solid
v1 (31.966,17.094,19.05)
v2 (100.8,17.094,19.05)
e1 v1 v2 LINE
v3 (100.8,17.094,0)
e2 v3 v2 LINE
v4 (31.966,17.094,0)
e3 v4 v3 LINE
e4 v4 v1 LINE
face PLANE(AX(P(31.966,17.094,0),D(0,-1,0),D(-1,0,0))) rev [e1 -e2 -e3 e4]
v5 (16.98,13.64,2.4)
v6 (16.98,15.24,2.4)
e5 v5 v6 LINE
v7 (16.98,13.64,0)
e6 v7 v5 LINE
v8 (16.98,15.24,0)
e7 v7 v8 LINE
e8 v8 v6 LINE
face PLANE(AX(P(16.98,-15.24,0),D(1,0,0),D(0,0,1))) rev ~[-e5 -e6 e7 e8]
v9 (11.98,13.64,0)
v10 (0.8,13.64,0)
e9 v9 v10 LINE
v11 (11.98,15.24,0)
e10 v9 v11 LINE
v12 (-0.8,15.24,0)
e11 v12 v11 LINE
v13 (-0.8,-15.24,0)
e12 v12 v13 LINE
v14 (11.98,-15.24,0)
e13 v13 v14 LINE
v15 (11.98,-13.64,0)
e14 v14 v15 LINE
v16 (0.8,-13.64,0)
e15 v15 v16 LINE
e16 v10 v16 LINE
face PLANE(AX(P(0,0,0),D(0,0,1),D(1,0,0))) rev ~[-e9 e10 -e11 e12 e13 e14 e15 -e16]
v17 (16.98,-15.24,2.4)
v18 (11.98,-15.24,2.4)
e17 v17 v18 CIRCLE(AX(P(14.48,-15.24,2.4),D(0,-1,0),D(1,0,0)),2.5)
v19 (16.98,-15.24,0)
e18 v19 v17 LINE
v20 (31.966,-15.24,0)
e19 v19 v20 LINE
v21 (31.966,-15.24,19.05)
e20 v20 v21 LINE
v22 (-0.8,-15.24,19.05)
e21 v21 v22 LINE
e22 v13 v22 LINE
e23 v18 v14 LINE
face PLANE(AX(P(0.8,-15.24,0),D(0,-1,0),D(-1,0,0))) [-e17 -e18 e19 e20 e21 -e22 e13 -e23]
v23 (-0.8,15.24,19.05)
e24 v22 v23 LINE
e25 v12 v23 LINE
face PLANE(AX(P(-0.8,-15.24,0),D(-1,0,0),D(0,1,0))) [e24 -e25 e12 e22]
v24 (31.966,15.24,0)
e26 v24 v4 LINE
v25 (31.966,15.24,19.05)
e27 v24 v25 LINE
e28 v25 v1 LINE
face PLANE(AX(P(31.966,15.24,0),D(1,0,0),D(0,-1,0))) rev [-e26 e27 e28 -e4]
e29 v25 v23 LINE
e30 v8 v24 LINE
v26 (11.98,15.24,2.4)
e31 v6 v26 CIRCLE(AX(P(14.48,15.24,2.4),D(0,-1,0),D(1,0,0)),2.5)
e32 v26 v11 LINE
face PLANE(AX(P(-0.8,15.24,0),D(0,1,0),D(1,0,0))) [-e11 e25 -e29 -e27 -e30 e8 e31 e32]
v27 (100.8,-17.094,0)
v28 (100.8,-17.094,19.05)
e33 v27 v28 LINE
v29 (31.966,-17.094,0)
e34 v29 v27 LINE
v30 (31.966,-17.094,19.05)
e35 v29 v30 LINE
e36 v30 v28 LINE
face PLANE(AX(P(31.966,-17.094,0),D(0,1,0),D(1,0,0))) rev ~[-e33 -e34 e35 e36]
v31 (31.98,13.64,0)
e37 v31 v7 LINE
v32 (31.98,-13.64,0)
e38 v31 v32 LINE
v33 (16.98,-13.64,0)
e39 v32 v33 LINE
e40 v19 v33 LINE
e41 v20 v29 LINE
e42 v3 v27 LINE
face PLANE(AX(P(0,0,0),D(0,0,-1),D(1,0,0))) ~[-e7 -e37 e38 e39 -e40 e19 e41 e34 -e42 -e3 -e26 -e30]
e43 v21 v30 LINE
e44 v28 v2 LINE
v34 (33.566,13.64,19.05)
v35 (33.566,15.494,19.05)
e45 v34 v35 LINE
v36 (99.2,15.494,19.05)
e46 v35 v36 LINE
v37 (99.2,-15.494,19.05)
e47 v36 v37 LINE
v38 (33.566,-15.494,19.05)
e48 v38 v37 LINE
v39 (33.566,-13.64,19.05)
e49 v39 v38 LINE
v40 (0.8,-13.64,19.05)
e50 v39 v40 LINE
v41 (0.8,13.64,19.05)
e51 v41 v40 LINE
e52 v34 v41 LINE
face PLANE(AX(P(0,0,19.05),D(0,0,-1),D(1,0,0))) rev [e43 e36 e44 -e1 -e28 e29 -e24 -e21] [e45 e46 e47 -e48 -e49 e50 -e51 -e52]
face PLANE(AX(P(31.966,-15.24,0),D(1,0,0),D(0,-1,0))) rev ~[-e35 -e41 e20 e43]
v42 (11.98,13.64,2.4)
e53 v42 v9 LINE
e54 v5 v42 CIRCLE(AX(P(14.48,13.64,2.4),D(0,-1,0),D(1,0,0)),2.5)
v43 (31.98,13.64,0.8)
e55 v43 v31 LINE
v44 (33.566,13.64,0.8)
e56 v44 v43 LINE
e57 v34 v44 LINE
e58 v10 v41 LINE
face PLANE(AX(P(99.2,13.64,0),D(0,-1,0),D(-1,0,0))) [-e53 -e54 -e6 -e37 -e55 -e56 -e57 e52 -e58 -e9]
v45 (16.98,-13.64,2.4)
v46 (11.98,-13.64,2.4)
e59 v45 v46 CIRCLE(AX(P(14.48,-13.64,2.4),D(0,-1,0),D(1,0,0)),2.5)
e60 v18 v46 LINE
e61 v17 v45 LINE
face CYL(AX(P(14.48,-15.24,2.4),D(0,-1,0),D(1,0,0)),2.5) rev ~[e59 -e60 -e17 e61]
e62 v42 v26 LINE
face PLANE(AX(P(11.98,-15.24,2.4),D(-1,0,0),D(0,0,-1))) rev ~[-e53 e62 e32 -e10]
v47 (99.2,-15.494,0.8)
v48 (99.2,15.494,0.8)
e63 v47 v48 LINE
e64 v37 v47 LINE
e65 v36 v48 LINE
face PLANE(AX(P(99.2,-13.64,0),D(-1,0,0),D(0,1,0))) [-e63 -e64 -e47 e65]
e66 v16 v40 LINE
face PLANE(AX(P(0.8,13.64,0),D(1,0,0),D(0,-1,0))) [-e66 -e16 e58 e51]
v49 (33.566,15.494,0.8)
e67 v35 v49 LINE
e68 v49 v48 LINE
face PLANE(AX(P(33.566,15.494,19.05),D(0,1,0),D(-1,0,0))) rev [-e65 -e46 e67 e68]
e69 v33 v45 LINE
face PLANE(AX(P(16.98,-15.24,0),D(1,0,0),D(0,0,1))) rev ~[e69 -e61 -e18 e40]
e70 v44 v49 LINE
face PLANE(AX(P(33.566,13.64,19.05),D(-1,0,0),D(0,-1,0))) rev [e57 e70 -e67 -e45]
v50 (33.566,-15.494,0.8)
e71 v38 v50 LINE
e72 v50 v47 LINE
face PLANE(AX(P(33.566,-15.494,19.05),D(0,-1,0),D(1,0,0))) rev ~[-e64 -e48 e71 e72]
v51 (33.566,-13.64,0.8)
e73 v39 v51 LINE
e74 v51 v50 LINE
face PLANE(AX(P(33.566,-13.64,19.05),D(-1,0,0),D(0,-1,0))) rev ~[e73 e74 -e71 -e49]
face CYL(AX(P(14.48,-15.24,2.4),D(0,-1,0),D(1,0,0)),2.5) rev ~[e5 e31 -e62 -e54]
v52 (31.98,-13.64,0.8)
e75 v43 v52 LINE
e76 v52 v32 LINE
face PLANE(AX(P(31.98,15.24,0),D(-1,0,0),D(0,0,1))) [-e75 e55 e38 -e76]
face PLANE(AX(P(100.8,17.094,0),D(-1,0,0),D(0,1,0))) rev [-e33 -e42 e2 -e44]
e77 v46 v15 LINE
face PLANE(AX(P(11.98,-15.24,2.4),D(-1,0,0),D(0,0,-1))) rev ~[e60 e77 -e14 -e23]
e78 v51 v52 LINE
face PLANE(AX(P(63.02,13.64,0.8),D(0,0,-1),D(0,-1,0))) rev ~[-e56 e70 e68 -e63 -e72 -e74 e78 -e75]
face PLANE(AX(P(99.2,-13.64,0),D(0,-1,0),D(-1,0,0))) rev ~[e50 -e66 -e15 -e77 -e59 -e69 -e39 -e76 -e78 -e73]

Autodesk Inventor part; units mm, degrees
ref_plane "YZ Plane" through (0, 0, 0) normal (1, 0, 0) x (0, 1, 0)
ref_plane "XZ Plane" through (0, 0, 0) normal (0, 1, 0) x (-1, 0, 0)
ref_plane "XY Plane" through (0, 0, 0) normal (0, 0, 1) x (1, 0, 0)
sketch "Sketch1" plane through (0, 0, 0) normal (0, 0, 1) x (1, 0, 0)
  line L0 (0.8, -15.24) -> (-0.8, -15.24)
  line L1 (-0.8, -15.24) -> (-0.8, 15.24)
  line L2 (-0.8, 15.24) -> (0.8, 15.24)
  line L3 (0.8, 15.24) -> (0.8, -15.24)
  line L4 (0.8, -15.24) -> (-0.8, 15.24) construction
  line L5 (-0.8, -15.24) -> (0.8, 15.24) construction
  line L6 (-0.8, -15.24) -> (100.8, -15.24)
  line L7 (100.8, -15.24) -> (100.8, -13.64)
  line L8 (100.8, -13.64) -> (-0.8, -13.64)
  line L9 (-0.8, -13.64) -> (-0.8, -15.24)
  line L10 (-0.8, 15.24) -> (100.8, 15.24)
  line L11 (100.8, 15.24) -> (100.8, 13.64)
  line L12 (100.8, 13.64) -> (-0.8, 13.64)
  line L13 (-0.8, 13.64) -> (-0.8, 15.24)
  line L14 (100.8, -15.24) -> (99.2, -15.24)
  line L15 (99.2, -15.24) -> (99.2, 15.24)
  line L16 (99.2, 15.24) -> (100.8, 15.24)
  line L17 (100.8, 15.24) -> (100.8, -15.24)
  point P0 (0, 0)
  dimension "d0" = 1.6
  dimension "d1" = 30.48
  dimension "d2" = 101.6
  dimension "d3" = 1.6
  dimension "d4" = 101.6
  dimension "d5" = 1.6
  dimension "d6" = 1.6
extrude "Extrusion1" add sketch "Sketch1" along normal blind 19.05 contours L0 L1 L8 L3 | L3 L8 L15 L6 | L8 L1 L12 L3 | L15 L8 L7 L6 | L12 L1 L2 L3 | L3 L10 L15 L12 | L15 L12 L17 L8 | L15 L10 L11 L12
sketch "Sketch2" plane through (-0.8, -15.24, 0) normal (0, -1, 0) x (1, 0, 0)
  line L0 (100, 0) -> (1.6, 0) projected
  line L1 (0, 0) -> (0, 19.05) projected
  line L2 (12.78, 0) -> (17.78, 0)
  line L3 (17.78, 0) -> (17.78, 2.4)
  line L4 (17.78, 2.4) -> (12.78, 2.4)
  line L5 (12.78, 2.4) -> (12.78, 0)
  arc A0 (17.78, 2.4) -> (12.78, 2.4) centre (15.28, 2.4) ccw
  point P0 (0.8, 0)
  dimension "d9" = 12.78
  dimension "d10" = 5
  dimension "d11" = 2.4
extrude "Extrusion2" cut sketch "Sketch2" against normal up to surface (30.48 mm away)
ref_plane "Work Plane1" through (50, -15.24, 0) normal (-1, 0, 0) x (0, 0, 1)
sketch "Sketch4" plane through (-0.8, 15.24, 19.05) normal (0, 1, 0) x (1, 0, 0)
  line L0 (12.78, 19.05) -> (17.78, 19.05) projected
  line L1 (17.78, 19.05) -> (12.78, 19.05) projected
  line L2 (48.3, 19.05) -> (32.78, 19.05)
  line L3 (32.78, 19.05) -> (32.78, 18.25)
  line L4 (32.78, 18.25) -> (48.3, 18.25)
  line L5 (48.3, 18.25) -> (48.3, 19.05)
  line L6 (17.78, 19.05) -> (17.78, 16.65) projected
  line L7 (17.78, 19.05) -> (78.82, 19.05)
  line L8 (63.82, 19.05) -> (63.82, 18.25)
  line L9 (63.82, 18.25) -> (48.3, 18.25)
  line L10 (63.82, 19.05) -> (32.78, 19.05)
  line L11 (32.78, 19.05) -> (32.78, 18.25)
  line L12 (32.78, 18.25) -> (63.82, 18.25)
  line L13 (63.82, 18.25) -> (63.82, 19.05)
  point P0 (0.8, 19.05)
  dimension "d15" = 0.8
  dimension "d16" = 15
extrude "Extrusion3" add sketch "Sketch4" against normal up to surface (30.48 mm away)
sketch "Sketch5" plane through (0, 0, 0) normal (0, 0, -1) x (-1, 0, 0)
  line L0 (-99.2, -13.64) -> (-63.02, -13.64) projected
  line L1 (-99.2, 13.64) -> (-99.2, -13.64) projected
  line L2 (-63.02, 13.64) -> (-99.2, 13.64) projected
  line L3 (-63.02, 13.64) -> (-63.02, -13.64) projected
  line L4 (-31.98, 13.64) -> (-31.98, -13.64) projected
  line L5 (-16.98, 13.64) -> (-31.98, 13.64) projected
  line L6 (-16.98, 13.64) -> (-16.98, 15.24) projected
  line L7 (-100.8, 15.24) -> (-16.98, 15.24) projected
  line L8 (-100.8, -15.24) -> (-100.8, 15.24) projected
  line L9 (-16.98, -15.24) -> (-100.8, -15.24) projected
  line L10 (-16.98, -15.24) -> (-16.98, -13.64) projected
  line L11 (-31.98, -13.64) -> (-16.98, -13.64) projected
  line L12 (-11.98, -13.64) -> (-11.98, -15.24) projected
  line L13 (0.8, -15.24) -> (-11.98, -15.24) projected
  line L14 (0.8, 15.24) -> (0.8, -15.24) projected
  line L15 (-11.98, 15.24) -> (0.8, 15.24) projected
  line L16 (-11.98, 15.24) -> (-11.98, 13.64) projected
  line L17 (-0.8, 13.64) -> (-11.98, 13.64) projected
  line L18 (-0.8, -13.64) -> (-0.8, 13.64) projected
  line L19 (-11.98, -13.64) -> (-0.8, -13.64) projected
  line L20 (-100.8, -15.24) -> (-31.966, -15.24)
  line L21 (-31.966, -15.24) -> (-31.966, -17.094)
  line L22 (-31.966, -17.094) -> (-100.8, -17.094)
  line L23 (-100.8, -17.094) -> (-100.8, -15.24)
  point P0 (0, 0)
  dimension "d19" = 32.766
  dimension "d20" = 17.094
extrude "Extrusion4" add sketch "Sketch5" against normal up to surface (19.05 mm away) contours L21 L22 L23 L9
sketch "Sketch6" plane through (0, 0, 19.05) normal (0, 0, 1) x (1, 0, 0)
  line L0 (100.8, 15.24) -> (100.8, -17.094) projected
  line L1 (100.8, 15.24) -> (-0.8, 15.24) projected
  line L2 (-0.8, 15.24) -> (-0.8, -15.24) projected
  line L3 (-0.8, -15.24) -> (31.966, -15.24) projected
  line L4 (31.966, -17.094) -> (31.966, -15.24) projected
  line L5 (100.8, -17.094) -> (31.966, -17.094) projected
  line L6 (99.2, 13.64) -> (99.2, -13.64) projected
  line L7 (99.2, -13.64) -> (0.8, -13.64) projected
  line L8 (0.8, -13.64) -> (0.8, 13.64) projected
  line L9 (0.8, 13.64) -> (99.2, 13.64) projected
  line L10 (99.2, -13.64) -> (33.566, -13.64)
  line L11 (33.566, -13.64) -> (33.566, -15.494)
  line L12 (33.566, -15.494) -> (99.2, -15.494)
  line L13 (99.2, -15.494) -> (99.2, -13.64)
  point P0 (0, 0)
  dimension "d23" = 1.6
  dimension "d24" = 1.6
extrude "Extrusion5" cut sketch "Sketch6" against normal up to surface (18.25 mm away) contours L13 L12 L11 L7
mirror "Mirror3" about plane through (0, 0, 0) normal (0, 1, 0) of "Extrusion4", "Extrusion5"
sketch "Sketch7" plane through (63.02, -13.64, 0) normal (1, 0, 0) x (0, 0, -1)
  line L0 (0, 0) -> (-0.8, 0) projected
  line L1 (0, 27.28) -> (0, 0) projected
  line L2 (-0.8, 27.28) -> (0, 27.28) projected
  line L3 (-0.8, 27.28) -> (-0.8, 0) projected
  point P0 (0, 13.64)
extrude "Extrusion6" add sketch "Sketch7" along normal up to next
properties part number "CarChassis"
